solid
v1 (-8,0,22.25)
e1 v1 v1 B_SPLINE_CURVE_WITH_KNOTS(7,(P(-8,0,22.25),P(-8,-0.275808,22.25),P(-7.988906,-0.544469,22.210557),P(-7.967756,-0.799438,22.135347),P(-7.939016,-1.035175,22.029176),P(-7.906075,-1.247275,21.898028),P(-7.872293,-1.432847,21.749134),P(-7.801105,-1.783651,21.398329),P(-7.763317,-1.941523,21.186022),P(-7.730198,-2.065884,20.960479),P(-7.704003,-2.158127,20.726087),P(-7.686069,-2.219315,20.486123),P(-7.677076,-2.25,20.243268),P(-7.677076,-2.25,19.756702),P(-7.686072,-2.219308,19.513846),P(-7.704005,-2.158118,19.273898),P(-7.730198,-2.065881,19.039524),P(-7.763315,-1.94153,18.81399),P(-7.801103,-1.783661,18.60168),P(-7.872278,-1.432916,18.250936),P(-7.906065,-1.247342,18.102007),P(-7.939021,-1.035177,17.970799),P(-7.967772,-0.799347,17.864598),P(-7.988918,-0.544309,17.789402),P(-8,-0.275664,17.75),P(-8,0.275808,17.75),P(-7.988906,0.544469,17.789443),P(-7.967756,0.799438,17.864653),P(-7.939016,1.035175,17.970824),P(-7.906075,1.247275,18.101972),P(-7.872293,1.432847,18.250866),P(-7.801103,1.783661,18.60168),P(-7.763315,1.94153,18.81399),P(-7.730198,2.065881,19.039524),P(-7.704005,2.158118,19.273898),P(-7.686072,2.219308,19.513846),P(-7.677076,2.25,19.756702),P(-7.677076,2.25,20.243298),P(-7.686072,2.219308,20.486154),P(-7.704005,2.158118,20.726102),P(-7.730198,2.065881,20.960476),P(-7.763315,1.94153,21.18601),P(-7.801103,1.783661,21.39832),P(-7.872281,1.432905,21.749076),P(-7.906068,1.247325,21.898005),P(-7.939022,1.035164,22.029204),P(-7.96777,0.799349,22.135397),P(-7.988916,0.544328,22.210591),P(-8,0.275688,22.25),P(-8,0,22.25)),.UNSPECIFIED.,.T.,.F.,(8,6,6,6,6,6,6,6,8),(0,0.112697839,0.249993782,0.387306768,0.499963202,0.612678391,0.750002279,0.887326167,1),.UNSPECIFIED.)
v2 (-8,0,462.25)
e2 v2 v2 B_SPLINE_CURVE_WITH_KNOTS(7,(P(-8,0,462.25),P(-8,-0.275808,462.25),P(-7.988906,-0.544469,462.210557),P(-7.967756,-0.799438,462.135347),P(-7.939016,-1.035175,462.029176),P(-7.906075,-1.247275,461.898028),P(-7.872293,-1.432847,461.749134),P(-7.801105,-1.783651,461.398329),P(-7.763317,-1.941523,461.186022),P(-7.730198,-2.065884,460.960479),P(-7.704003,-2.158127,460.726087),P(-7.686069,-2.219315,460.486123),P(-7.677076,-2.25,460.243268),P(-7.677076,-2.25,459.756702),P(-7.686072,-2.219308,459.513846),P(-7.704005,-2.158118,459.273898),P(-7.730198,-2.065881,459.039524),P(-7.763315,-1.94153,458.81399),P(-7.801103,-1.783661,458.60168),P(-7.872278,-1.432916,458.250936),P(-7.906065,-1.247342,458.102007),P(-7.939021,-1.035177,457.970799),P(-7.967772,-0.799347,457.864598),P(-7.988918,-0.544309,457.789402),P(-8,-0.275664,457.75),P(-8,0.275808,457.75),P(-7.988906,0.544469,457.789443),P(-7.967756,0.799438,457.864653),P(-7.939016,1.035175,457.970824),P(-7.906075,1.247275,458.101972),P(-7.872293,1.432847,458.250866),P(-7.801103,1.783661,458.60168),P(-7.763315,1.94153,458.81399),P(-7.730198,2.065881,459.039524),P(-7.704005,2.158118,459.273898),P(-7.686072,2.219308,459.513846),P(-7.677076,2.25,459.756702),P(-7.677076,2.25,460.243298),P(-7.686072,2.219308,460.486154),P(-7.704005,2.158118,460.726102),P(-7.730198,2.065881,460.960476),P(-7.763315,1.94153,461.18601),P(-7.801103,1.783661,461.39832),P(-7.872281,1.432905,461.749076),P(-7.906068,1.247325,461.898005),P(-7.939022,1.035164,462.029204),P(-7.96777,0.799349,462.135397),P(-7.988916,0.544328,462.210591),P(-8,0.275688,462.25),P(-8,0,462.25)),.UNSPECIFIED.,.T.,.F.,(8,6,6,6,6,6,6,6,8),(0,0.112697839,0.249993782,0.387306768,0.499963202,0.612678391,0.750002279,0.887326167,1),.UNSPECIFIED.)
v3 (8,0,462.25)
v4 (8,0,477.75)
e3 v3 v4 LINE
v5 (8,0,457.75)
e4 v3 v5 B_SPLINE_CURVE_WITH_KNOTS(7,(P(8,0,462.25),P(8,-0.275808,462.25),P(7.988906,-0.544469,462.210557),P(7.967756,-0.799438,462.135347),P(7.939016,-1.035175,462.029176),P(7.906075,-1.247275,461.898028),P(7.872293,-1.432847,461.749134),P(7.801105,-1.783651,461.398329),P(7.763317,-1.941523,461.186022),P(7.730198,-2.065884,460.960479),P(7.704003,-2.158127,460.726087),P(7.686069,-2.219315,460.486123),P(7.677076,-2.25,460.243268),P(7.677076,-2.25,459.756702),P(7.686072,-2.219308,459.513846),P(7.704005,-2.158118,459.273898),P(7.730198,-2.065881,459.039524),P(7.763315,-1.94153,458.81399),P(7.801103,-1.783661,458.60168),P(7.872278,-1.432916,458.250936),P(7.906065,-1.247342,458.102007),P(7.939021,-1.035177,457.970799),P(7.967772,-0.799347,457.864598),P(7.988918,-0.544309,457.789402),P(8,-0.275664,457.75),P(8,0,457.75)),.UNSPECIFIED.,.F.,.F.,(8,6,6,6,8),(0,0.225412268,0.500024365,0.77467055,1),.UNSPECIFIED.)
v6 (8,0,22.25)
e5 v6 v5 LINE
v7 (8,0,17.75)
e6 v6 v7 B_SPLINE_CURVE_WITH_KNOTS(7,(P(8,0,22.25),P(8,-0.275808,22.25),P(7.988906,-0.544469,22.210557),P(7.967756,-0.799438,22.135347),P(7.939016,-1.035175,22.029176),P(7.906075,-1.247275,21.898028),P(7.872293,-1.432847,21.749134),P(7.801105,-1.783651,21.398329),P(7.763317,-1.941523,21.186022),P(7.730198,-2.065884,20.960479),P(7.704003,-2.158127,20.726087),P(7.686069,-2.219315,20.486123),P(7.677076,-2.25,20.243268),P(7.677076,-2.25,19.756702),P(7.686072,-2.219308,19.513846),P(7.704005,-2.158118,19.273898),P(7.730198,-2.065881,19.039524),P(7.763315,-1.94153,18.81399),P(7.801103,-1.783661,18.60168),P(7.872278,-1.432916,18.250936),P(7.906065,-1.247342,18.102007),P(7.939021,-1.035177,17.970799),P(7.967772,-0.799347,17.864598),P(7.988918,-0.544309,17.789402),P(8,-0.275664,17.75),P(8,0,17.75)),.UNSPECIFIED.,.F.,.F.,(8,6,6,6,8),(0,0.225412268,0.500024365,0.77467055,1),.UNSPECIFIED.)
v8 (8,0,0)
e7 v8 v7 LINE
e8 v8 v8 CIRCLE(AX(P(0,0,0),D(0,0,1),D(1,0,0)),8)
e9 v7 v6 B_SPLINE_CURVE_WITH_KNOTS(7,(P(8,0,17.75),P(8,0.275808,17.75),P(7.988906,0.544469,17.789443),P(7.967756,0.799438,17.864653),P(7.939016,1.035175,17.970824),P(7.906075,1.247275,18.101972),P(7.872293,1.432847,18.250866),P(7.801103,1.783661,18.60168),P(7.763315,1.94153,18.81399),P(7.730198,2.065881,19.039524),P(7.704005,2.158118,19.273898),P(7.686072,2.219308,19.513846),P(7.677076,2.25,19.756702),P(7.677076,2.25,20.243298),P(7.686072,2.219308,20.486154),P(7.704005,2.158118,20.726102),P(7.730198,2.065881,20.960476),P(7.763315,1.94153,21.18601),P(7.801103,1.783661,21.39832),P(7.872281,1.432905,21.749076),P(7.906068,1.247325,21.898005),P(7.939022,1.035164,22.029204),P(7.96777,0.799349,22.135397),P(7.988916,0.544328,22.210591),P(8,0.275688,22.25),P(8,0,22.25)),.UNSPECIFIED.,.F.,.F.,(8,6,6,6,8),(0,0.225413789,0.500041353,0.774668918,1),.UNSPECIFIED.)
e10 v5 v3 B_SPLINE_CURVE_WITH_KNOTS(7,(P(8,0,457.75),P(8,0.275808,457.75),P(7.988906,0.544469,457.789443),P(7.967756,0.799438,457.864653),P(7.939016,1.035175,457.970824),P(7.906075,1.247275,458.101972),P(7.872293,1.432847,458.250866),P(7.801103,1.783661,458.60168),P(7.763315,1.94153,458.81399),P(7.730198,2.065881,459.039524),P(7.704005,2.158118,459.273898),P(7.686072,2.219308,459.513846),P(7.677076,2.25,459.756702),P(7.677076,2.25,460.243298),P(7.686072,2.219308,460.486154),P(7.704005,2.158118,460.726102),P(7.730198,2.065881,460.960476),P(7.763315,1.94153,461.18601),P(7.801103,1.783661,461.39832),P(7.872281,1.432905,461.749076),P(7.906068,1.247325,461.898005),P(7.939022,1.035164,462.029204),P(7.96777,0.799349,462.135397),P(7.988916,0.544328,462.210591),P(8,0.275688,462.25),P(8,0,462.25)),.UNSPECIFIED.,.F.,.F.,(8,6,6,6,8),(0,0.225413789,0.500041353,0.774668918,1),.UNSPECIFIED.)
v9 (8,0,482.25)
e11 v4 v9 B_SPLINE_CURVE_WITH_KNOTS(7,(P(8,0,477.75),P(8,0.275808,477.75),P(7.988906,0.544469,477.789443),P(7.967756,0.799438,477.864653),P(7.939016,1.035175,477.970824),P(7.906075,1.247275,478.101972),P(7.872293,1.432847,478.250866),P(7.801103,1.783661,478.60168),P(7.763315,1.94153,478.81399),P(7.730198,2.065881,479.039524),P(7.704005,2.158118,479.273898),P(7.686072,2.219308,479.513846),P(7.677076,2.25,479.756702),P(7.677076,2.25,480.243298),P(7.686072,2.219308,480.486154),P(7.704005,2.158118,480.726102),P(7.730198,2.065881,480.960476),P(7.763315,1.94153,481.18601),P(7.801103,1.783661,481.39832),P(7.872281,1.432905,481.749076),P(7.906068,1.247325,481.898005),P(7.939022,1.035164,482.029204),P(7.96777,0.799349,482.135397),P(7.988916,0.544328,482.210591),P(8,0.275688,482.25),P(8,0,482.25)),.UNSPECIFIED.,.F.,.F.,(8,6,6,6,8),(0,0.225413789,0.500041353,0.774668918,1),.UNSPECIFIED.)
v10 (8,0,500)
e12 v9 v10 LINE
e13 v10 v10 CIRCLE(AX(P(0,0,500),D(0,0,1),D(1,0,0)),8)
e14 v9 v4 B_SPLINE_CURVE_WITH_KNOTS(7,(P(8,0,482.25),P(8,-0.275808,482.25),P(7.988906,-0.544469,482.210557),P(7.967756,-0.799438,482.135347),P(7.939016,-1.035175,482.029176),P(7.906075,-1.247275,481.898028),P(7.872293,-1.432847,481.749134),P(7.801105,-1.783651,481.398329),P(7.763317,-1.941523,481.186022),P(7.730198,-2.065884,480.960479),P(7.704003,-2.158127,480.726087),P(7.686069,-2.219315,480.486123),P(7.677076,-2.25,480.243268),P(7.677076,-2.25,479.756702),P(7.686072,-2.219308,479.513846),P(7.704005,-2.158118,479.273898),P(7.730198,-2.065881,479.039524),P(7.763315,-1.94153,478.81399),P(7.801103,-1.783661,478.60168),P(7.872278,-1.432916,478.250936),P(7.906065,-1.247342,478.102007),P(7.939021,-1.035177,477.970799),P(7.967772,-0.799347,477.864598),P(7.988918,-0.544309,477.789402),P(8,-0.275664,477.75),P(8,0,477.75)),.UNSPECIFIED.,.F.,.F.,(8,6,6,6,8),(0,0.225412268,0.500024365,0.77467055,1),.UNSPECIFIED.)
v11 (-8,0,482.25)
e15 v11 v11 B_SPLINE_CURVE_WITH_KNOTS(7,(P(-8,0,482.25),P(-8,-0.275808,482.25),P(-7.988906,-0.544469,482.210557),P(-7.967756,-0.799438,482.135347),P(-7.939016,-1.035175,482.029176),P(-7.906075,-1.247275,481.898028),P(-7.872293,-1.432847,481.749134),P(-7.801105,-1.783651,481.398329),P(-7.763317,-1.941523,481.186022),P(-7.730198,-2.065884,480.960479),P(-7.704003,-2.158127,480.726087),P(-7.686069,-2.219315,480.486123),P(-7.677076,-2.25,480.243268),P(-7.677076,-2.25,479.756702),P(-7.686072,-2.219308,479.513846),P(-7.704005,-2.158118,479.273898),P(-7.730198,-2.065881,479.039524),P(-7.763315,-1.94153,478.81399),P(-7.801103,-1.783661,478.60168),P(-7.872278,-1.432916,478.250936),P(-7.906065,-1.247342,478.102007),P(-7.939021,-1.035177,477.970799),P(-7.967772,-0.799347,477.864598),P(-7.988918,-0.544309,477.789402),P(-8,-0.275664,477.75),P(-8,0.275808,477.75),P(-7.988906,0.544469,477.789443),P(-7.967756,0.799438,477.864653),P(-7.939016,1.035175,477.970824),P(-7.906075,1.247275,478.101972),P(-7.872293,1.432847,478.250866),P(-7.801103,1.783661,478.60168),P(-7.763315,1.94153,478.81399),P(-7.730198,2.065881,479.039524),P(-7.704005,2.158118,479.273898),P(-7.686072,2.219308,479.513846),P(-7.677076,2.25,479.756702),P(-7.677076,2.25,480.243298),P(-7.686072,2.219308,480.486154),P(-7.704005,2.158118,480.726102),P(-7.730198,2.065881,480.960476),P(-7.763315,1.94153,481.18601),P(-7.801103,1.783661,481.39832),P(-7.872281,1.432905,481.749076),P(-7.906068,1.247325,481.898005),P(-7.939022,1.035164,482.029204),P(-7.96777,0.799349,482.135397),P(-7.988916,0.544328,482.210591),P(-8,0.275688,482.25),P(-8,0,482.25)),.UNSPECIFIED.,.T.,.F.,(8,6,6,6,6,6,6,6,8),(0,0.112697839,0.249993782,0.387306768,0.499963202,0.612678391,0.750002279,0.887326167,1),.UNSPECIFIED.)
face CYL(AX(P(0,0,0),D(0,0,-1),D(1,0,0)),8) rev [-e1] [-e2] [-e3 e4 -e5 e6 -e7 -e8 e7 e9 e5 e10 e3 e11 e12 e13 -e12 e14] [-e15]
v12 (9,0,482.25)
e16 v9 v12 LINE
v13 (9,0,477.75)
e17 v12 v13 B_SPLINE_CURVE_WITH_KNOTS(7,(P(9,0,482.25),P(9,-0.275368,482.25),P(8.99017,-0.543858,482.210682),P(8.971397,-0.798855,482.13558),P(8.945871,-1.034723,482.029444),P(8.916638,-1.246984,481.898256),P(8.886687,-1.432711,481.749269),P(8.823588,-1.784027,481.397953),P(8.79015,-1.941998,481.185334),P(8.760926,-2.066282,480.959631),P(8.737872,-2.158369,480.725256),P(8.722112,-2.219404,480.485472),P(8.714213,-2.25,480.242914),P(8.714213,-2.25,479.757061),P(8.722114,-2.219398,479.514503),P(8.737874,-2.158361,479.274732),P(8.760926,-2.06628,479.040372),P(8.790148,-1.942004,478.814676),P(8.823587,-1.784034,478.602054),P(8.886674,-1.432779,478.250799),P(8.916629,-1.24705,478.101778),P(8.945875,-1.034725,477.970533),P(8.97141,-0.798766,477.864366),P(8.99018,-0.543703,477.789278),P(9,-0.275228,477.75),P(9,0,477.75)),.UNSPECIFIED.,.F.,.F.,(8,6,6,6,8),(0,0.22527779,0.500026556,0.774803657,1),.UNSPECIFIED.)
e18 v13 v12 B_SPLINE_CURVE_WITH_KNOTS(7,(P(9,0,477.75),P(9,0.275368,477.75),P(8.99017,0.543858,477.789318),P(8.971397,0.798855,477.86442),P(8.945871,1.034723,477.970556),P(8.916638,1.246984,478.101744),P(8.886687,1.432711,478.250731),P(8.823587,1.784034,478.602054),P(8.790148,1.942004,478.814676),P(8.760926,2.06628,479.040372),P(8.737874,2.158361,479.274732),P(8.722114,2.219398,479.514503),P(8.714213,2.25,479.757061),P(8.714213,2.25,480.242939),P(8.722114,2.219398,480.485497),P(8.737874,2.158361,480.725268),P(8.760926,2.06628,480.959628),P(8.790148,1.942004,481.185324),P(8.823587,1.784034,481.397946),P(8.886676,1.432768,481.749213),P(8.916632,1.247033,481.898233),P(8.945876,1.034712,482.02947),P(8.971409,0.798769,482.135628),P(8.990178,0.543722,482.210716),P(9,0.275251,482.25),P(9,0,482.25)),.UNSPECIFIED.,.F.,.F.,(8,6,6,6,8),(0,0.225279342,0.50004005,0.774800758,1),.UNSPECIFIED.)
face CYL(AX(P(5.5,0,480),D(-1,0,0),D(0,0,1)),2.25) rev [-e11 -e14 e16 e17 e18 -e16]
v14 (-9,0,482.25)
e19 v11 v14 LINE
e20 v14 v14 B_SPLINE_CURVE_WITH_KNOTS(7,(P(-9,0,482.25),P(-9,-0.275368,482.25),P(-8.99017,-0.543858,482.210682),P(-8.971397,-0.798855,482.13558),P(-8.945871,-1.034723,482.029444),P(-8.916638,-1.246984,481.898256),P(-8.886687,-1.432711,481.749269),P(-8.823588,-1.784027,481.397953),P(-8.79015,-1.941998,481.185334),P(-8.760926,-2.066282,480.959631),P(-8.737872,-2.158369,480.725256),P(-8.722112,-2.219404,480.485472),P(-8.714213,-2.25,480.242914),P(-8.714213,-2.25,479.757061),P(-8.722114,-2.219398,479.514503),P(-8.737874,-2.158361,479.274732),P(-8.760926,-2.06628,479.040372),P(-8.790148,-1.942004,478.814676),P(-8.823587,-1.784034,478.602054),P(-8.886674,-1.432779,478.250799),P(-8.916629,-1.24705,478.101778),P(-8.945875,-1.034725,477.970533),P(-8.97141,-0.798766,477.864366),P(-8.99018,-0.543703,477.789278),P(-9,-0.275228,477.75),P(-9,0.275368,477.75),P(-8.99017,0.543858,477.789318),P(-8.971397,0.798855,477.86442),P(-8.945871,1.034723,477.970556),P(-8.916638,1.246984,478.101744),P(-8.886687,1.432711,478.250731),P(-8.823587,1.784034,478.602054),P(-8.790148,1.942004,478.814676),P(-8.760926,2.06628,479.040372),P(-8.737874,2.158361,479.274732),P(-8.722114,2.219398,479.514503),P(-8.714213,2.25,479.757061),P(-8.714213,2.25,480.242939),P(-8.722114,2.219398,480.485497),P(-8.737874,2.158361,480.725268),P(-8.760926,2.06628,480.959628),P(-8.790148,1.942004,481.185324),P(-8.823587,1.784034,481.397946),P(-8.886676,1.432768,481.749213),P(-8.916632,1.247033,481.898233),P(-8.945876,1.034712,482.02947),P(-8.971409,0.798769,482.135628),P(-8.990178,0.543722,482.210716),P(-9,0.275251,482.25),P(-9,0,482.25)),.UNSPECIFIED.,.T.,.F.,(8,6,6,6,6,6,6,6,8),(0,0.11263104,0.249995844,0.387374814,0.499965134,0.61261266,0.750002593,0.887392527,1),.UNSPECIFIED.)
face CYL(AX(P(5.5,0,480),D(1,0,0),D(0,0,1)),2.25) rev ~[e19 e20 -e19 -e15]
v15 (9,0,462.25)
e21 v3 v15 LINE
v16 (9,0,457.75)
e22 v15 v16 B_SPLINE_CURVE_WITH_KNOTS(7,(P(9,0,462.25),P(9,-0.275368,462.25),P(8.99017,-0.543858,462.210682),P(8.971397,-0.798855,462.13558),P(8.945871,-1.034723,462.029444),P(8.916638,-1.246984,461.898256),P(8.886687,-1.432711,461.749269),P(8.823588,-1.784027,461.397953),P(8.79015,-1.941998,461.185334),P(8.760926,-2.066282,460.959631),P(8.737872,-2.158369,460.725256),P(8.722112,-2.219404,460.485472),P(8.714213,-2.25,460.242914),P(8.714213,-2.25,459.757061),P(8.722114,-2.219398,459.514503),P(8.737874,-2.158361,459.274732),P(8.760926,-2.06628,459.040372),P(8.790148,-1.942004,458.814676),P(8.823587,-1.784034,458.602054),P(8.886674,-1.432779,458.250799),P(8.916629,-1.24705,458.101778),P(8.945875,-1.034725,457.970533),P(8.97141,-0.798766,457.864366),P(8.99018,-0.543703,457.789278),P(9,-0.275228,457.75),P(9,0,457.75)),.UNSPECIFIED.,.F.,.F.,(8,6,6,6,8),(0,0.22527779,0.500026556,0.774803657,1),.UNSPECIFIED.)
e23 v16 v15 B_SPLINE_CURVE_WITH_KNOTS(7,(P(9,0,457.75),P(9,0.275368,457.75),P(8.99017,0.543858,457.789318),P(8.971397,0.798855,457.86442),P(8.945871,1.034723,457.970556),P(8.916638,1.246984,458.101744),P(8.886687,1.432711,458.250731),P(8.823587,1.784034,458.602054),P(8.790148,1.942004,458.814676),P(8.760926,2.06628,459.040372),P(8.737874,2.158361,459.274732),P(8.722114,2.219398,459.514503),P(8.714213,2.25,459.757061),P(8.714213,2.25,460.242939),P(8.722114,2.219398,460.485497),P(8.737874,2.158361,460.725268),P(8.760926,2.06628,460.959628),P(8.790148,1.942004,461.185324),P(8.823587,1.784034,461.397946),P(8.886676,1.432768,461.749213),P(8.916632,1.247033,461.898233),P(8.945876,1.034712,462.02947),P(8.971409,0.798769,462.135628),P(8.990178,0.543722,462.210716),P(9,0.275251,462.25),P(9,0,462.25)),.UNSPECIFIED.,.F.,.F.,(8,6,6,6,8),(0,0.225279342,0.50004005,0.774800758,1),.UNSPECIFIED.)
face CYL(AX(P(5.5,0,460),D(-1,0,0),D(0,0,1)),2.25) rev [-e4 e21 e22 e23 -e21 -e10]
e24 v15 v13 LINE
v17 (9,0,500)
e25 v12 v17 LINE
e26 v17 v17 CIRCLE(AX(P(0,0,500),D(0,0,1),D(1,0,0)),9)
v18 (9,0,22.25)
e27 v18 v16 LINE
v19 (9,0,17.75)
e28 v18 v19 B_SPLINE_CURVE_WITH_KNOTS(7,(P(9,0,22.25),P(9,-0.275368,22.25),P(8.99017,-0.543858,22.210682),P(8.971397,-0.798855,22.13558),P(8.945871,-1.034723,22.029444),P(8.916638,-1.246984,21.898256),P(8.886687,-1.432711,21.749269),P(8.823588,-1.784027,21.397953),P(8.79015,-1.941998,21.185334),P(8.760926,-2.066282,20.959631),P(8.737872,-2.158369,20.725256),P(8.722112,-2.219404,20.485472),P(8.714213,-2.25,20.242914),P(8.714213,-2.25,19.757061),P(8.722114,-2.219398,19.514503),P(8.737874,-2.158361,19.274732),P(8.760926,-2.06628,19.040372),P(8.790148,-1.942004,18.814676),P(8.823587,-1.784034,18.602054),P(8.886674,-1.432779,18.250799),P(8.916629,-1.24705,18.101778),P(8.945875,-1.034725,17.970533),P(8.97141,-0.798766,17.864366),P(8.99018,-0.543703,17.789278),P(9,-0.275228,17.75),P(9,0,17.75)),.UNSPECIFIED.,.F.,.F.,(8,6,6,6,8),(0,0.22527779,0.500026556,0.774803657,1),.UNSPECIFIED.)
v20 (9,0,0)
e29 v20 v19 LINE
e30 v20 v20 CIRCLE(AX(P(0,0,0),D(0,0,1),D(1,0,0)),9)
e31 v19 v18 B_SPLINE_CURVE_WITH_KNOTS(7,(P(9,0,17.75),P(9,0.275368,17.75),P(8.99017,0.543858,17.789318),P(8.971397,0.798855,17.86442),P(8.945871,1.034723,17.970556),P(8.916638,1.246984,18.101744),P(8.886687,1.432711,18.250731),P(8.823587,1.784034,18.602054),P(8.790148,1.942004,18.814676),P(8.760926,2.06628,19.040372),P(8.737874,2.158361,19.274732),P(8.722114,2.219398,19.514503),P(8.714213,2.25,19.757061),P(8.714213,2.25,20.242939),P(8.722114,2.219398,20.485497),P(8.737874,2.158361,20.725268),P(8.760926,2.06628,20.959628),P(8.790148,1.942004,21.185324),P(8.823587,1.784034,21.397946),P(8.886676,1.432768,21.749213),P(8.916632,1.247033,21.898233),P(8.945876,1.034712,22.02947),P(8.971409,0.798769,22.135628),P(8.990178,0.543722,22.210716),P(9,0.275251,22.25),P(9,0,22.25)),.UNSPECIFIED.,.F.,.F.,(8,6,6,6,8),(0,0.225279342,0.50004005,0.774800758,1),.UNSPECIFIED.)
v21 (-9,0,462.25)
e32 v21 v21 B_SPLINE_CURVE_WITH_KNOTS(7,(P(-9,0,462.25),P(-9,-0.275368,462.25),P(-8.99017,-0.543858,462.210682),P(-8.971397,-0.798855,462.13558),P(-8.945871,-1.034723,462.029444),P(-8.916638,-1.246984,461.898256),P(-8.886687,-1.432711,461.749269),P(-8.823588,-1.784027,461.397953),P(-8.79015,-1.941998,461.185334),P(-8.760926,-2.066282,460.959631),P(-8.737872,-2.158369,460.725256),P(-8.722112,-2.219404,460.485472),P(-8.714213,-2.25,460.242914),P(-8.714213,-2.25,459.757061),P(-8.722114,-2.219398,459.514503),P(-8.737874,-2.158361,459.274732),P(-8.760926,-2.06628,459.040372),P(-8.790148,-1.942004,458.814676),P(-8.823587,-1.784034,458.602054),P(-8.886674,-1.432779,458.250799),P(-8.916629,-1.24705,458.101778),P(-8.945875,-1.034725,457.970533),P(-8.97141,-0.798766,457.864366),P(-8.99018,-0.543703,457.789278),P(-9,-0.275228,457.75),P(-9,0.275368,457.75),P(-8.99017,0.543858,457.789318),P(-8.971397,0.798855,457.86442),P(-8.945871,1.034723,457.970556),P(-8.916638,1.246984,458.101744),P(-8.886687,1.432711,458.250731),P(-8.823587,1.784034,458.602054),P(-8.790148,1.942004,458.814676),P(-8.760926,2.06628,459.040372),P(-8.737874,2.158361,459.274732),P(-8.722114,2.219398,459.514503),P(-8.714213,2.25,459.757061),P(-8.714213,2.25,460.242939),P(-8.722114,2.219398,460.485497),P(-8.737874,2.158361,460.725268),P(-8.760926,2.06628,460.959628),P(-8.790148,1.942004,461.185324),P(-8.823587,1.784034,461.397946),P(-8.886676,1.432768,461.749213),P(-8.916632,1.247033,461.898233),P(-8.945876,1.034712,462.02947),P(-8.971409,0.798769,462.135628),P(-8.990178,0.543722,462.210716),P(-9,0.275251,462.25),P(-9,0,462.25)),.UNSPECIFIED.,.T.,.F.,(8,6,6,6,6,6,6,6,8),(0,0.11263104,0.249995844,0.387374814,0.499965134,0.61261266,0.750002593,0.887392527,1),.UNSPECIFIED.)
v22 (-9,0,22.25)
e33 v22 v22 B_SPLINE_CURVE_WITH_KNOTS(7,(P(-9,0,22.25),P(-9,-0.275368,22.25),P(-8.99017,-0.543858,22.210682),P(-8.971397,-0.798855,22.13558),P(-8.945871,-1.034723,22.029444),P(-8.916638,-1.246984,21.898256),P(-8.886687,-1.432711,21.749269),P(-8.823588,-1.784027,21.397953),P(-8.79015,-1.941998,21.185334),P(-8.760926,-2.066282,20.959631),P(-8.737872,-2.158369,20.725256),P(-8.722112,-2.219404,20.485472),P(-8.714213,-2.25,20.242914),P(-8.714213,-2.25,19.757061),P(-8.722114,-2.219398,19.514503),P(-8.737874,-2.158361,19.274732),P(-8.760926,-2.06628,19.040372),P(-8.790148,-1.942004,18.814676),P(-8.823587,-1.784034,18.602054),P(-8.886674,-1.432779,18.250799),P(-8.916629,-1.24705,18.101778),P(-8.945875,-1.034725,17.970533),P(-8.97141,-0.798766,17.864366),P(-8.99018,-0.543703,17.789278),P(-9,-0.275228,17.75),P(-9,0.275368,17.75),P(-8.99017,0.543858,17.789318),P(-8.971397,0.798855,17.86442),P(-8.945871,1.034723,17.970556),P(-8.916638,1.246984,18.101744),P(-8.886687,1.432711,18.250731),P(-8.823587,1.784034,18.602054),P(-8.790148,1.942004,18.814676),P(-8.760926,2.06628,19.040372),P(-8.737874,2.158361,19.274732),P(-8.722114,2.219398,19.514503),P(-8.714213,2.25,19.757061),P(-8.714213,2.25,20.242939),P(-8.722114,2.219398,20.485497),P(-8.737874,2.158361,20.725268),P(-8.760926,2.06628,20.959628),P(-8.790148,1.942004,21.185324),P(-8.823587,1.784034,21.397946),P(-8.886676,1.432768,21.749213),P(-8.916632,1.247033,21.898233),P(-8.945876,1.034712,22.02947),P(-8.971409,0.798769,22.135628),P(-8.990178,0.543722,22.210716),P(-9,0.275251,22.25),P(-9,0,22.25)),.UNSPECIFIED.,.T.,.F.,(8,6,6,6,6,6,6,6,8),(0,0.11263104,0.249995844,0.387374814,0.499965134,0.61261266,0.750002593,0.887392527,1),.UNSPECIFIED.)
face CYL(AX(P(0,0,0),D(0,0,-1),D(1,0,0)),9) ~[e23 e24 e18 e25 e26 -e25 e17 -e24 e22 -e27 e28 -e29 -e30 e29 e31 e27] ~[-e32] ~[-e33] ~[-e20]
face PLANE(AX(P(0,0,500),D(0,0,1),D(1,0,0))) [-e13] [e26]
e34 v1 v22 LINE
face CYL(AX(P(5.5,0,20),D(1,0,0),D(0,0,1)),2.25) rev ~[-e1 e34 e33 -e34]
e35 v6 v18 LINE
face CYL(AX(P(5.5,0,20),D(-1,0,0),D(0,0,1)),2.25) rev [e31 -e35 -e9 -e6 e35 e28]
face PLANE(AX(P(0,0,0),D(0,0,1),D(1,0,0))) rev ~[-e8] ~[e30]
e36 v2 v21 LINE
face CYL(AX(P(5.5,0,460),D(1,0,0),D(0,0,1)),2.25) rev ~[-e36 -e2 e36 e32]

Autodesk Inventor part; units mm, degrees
ref_plane "YZ Plane" through (0, 0, 0) normal (1, 0, 0) x (0, 1, 0)
ref_plane "XZ Plane" through (0, 0, 0) normal (0, 1, 0) x (-1, 0, 0)
sketch "Sketch1" plane through (0, 0, 0) normal (0, 0, 1) x (1, 0, 0)
  circle A0 centre (0, 0) radius 8
  circle A1 centre (0, 0) radius 9
  dimension "d0" = 16
  dimension "d1" = 18
extrude "Extrusion1" add sketch "Sketch1" along normal blind 500
ref_plane "Work Plane2" through (5.5, 0, -32) normal (1, 0, 0) x (0, 0, 1)
sketch "Sketch2" plane through (5.5, 0, -32) normal (1, 0, 0) x (0, 0, 1)
  circle A0 centre (52, 0) radius 2.25
  line L0 (32, -9) -> (32, 9) projected
  circle A1 centre (512, 0) radius 2.25
  circle A2 centre (492, 0) radius 2.25
  line L1 (532, -9) -> (532, 9) projected
  point P0 (32, 0)
  dimension "d4" = 4.5
  dimension "d5" = 20
  dimension "d8" = 4.5
  dimension "d9" = 4.5
  dimension "d10" = 20
  dimension "d11" = 20
extrude "Extrusion2" cut sketch "Sketch2" along normal through all both and the other way through all
properties part number "BodyTube" material "Aluminum 6061"
